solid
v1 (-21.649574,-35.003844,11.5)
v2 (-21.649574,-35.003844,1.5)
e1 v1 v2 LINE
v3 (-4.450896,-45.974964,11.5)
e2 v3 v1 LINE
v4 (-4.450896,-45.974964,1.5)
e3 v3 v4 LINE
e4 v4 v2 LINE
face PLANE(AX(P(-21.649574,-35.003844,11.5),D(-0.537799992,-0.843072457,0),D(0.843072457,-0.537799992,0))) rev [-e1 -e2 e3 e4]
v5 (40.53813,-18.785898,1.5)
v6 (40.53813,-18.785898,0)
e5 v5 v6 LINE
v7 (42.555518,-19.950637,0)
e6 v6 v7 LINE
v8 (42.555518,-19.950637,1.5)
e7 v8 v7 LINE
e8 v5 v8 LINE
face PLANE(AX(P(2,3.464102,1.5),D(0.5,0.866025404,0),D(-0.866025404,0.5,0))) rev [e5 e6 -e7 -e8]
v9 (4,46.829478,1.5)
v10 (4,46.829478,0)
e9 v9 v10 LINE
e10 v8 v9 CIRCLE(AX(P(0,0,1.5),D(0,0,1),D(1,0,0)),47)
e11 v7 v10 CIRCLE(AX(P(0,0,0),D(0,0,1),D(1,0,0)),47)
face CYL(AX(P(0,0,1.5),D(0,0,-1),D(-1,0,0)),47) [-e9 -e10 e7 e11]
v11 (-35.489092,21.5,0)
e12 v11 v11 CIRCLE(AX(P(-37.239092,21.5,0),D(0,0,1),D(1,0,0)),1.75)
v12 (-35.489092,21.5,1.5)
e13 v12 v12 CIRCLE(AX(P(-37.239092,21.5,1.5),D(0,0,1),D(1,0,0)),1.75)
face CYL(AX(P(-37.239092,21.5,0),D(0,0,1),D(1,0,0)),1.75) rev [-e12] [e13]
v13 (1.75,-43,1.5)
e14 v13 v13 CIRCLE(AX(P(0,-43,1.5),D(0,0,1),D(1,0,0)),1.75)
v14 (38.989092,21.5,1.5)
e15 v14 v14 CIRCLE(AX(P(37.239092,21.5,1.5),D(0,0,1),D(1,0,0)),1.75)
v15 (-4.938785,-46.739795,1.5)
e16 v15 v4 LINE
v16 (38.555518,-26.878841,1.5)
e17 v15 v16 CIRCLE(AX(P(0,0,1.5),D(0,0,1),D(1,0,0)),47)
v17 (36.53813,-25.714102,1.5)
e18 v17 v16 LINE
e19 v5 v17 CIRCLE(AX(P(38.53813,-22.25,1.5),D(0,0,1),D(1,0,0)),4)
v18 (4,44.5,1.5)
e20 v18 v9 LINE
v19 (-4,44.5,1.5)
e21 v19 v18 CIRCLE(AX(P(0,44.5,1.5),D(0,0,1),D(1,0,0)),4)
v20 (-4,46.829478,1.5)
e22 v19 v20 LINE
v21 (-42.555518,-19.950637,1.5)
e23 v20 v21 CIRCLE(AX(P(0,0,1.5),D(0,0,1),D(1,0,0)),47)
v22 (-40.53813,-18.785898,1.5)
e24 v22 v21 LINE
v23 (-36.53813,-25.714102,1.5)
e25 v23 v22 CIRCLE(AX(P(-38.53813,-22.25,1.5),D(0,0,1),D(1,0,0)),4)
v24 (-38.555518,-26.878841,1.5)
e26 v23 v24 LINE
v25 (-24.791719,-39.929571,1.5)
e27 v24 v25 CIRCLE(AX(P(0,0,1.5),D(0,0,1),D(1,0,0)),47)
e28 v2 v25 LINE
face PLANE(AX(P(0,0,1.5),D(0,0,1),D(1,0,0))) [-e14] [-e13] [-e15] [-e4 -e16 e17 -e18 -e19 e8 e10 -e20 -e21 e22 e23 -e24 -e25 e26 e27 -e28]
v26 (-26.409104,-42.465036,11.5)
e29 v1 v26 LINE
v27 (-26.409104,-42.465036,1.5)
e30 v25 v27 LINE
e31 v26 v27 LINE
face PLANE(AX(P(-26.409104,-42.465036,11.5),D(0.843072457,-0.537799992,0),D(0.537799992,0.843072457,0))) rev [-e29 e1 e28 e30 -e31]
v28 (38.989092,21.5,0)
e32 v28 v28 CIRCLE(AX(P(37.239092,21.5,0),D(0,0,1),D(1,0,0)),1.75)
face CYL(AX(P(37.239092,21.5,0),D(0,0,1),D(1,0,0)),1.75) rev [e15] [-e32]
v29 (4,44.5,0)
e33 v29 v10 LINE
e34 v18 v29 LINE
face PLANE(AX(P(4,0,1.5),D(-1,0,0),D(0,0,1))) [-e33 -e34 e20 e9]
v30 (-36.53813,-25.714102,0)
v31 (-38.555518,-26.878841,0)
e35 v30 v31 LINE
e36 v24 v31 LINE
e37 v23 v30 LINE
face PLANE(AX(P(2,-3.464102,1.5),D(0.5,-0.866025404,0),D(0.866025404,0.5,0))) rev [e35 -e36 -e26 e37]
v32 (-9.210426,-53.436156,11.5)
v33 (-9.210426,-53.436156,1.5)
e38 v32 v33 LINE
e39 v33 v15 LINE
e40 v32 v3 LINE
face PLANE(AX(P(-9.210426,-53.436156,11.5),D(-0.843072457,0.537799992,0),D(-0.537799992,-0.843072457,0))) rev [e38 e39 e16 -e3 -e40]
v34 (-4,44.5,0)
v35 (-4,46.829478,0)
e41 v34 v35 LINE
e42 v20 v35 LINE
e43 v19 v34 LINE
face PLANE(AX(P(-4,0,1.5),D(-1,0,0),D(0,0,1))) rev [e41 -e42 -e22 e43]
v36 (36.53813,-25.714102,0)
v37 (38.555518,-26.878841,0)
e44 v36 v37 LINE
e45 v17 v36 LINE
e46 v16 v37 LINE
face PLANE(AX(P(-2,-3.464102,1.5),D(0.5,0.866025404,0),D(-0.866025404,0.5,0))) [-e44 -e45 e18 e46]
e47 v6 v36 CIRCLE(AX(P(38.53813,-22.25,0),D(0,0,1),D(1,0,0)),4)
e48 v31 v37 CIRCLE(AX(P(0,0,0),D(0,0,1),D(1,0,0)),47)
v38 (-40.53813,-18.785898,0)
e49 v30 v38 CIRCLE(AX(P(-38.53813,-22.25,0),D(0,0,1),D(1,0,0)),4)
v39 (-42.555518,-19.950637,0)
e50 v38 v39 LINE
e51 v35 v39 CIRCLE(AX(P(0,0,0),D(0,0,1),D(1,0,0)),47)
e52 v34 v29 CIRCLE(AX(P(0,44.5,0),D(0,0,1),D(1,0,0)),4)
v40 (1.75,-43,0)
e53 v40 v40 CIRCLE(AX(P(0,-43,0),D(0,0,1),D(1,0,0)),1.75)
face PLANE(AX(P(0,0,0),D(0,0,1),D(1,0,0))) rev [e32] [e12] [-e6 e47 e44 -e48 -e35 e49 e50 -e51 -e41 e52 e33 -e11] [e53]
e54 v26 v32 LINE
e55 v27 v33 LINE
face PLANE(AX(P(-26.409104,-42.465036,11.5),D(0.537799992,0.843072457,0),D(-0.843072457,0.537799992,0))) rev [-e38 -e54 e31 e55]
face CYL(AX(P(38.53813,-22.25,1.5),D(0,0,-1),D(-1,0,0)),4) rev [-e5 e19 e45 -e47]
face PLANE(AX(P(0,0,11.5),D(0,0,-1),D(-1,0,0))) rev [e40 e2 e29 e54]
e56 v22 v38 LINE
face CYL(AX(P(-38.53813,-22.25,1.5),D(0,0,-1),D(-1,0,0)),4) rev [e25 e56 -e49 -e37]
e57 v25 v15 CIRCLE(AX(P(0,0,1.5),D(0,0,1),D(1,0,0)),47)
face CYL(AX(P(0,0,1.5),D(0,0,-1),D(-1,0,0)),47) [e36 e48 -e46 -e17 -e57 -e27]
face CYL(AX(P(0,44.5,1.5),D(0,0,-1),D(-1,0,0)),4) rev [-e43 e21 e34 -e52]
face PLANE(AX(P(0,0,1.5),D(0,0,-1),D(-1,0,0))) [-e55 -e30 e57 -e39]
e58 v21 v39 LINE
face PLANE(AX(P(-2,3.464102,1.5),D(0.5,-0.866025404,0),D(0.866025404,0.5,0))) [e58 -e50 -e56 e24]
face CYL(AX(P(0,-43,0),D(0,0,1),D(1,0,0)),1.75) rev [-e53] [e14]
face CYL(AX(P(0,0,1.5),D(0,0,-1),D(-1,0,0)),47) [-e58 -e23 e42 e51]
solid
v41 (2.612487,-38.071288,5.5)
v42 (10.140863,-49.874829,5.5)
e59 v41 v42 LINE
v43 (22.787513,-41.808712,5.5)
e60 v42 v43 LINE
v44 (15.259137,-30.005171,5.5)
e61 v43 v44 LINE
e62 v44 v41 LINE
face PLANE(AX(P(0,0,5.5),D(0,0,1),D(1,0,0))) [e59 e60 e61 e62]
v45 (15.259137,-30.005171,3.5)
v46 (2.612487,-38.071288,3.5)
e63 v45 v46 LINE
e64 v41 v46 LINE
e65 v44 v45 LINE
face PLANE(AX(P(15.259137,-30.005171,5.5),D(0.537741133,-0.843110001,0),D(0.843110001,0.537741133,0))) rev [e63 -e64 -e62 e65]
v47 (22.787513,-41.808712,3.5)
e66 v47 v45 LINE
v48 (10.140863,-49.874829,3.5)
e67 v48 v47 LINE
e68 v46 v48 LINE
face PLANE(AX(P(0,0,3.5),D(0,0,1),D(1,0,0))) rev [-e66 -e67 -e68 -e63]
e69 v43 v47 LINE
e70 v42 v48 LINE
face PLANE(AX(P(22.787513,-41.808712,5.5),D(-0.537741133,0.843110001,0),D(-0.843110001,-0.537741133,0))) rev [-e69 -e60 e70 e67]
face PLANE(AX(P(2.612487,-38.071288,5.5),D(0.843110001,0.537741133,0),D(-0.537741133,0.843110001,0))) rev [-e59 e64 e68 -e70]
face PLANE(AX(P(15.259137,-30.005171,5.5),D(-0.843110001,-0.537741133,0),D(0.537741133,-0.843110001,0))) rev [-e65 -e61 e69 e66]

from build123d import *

# Parameters (mm, degrees)
SALIENTE_EXTRUIR1_DEPTH = 1.5
CROQUIS2_R              = 1.75
CORTAR_EXTRUIR1_DEPTH   = 1.5
SALIENTE_EXTRUIR2_START = 2
SALIENTE_EXTRUIR2_DEPTH = 2
SALIENTE_EXTRUIR3_DEPTH = 10


with BuildPart() as part:
    # Croquis1 → Saliente-Extruir1 (new body)
    with BuildSketch(Plane.XY):
        with BuildLine():
            Line((-4, 44.5), (-4, 46.829477896))
            ThreePointArc((-4, 46.829477896), (-40.703193978, 23.5), (-42.555517504, -19.950637333))
            Line((-42.555517504, -19.950637333), (-40.538130468, -18.785898385))
            ThreePointArc((-40.538130468, -18.785898385), (-35.074028853, -20.25), (-36.538130468, -25.714101615))
            Line((-36.538130468, -25.714101615), (-38.555517504, -26.878840563))
            ThreePointArc((-38.555517504, -26.878840563), (0, -47), (38.555517504, -26.878840563))
            Line((38.555517504, -26.878840563), (36.538130468, -25.714101615))
            ThreePointArc((36.538130468, -25.714101615), (35.074028853, -20.25), (40.538130468, -18.785898385))
            Line((40.538130468, -18.785898385), (42.555517504, -19.950637333))
            ThreePointArc((42.555517504, -19.950637333), (40.703193978, 23.5), (4, 46.829477896))
            Line((4, 46.829477896), (4, 44.5))
            ThreePointArc((4, 44.5), (0, 40.5), (-4, 44.5))
        make_face()
    extrude(amount=SALIENTE_EXTRUIR1_DEPTH)

    # Croquis2 → Cortar-Extruir1 (cut)
    with BuildSketch(Plane.XY.offset(1.5)):
        with Locations((-37.239092363, 21.5)):
            Circle(CROQUIS2_R)
        with Locations((37.239092363, 21.5)):
            Circle(CROQUIS2_R)
        with Locations((0, -43)):
            Circle(CROQUIS2_R)
    extrude(amount=-CORTAR_EXTRUIR1_DEPTH, mode=Mode.SUBTRACT)

    # Croquis4 → Saliente-Extruir3 (add)
    with BuildSketch(Plane.XY.offset(1.5)):
        Polygon((-26.409104031, -42.465035702), (-9.210425901, -53.436155545), (-4.450895969, -45.974964298), (-21.649574099, -35.003844455), align=None)
    extrude(amount=SALIENTE_EXTRUIR3_DEPTH)


with BuildPart() as body_2:
    # Croquis3 → Saliente-Extruir2 (new body)
    with BuildSketch(Plane.XY.offset(1.5).offset(SALIENTE_EXTRUIR2_START)):
        Polygon((15.259137072, -30.005171494), (22.78751294, -41.808711505), (10.140862928, -49.874828506), (2.61248706, -38.071288495), align=None)
    extrude(amount=SALIENTE_EXTRUIR2_DEPTH)


solid = Compound([part.part, body_2.part])
